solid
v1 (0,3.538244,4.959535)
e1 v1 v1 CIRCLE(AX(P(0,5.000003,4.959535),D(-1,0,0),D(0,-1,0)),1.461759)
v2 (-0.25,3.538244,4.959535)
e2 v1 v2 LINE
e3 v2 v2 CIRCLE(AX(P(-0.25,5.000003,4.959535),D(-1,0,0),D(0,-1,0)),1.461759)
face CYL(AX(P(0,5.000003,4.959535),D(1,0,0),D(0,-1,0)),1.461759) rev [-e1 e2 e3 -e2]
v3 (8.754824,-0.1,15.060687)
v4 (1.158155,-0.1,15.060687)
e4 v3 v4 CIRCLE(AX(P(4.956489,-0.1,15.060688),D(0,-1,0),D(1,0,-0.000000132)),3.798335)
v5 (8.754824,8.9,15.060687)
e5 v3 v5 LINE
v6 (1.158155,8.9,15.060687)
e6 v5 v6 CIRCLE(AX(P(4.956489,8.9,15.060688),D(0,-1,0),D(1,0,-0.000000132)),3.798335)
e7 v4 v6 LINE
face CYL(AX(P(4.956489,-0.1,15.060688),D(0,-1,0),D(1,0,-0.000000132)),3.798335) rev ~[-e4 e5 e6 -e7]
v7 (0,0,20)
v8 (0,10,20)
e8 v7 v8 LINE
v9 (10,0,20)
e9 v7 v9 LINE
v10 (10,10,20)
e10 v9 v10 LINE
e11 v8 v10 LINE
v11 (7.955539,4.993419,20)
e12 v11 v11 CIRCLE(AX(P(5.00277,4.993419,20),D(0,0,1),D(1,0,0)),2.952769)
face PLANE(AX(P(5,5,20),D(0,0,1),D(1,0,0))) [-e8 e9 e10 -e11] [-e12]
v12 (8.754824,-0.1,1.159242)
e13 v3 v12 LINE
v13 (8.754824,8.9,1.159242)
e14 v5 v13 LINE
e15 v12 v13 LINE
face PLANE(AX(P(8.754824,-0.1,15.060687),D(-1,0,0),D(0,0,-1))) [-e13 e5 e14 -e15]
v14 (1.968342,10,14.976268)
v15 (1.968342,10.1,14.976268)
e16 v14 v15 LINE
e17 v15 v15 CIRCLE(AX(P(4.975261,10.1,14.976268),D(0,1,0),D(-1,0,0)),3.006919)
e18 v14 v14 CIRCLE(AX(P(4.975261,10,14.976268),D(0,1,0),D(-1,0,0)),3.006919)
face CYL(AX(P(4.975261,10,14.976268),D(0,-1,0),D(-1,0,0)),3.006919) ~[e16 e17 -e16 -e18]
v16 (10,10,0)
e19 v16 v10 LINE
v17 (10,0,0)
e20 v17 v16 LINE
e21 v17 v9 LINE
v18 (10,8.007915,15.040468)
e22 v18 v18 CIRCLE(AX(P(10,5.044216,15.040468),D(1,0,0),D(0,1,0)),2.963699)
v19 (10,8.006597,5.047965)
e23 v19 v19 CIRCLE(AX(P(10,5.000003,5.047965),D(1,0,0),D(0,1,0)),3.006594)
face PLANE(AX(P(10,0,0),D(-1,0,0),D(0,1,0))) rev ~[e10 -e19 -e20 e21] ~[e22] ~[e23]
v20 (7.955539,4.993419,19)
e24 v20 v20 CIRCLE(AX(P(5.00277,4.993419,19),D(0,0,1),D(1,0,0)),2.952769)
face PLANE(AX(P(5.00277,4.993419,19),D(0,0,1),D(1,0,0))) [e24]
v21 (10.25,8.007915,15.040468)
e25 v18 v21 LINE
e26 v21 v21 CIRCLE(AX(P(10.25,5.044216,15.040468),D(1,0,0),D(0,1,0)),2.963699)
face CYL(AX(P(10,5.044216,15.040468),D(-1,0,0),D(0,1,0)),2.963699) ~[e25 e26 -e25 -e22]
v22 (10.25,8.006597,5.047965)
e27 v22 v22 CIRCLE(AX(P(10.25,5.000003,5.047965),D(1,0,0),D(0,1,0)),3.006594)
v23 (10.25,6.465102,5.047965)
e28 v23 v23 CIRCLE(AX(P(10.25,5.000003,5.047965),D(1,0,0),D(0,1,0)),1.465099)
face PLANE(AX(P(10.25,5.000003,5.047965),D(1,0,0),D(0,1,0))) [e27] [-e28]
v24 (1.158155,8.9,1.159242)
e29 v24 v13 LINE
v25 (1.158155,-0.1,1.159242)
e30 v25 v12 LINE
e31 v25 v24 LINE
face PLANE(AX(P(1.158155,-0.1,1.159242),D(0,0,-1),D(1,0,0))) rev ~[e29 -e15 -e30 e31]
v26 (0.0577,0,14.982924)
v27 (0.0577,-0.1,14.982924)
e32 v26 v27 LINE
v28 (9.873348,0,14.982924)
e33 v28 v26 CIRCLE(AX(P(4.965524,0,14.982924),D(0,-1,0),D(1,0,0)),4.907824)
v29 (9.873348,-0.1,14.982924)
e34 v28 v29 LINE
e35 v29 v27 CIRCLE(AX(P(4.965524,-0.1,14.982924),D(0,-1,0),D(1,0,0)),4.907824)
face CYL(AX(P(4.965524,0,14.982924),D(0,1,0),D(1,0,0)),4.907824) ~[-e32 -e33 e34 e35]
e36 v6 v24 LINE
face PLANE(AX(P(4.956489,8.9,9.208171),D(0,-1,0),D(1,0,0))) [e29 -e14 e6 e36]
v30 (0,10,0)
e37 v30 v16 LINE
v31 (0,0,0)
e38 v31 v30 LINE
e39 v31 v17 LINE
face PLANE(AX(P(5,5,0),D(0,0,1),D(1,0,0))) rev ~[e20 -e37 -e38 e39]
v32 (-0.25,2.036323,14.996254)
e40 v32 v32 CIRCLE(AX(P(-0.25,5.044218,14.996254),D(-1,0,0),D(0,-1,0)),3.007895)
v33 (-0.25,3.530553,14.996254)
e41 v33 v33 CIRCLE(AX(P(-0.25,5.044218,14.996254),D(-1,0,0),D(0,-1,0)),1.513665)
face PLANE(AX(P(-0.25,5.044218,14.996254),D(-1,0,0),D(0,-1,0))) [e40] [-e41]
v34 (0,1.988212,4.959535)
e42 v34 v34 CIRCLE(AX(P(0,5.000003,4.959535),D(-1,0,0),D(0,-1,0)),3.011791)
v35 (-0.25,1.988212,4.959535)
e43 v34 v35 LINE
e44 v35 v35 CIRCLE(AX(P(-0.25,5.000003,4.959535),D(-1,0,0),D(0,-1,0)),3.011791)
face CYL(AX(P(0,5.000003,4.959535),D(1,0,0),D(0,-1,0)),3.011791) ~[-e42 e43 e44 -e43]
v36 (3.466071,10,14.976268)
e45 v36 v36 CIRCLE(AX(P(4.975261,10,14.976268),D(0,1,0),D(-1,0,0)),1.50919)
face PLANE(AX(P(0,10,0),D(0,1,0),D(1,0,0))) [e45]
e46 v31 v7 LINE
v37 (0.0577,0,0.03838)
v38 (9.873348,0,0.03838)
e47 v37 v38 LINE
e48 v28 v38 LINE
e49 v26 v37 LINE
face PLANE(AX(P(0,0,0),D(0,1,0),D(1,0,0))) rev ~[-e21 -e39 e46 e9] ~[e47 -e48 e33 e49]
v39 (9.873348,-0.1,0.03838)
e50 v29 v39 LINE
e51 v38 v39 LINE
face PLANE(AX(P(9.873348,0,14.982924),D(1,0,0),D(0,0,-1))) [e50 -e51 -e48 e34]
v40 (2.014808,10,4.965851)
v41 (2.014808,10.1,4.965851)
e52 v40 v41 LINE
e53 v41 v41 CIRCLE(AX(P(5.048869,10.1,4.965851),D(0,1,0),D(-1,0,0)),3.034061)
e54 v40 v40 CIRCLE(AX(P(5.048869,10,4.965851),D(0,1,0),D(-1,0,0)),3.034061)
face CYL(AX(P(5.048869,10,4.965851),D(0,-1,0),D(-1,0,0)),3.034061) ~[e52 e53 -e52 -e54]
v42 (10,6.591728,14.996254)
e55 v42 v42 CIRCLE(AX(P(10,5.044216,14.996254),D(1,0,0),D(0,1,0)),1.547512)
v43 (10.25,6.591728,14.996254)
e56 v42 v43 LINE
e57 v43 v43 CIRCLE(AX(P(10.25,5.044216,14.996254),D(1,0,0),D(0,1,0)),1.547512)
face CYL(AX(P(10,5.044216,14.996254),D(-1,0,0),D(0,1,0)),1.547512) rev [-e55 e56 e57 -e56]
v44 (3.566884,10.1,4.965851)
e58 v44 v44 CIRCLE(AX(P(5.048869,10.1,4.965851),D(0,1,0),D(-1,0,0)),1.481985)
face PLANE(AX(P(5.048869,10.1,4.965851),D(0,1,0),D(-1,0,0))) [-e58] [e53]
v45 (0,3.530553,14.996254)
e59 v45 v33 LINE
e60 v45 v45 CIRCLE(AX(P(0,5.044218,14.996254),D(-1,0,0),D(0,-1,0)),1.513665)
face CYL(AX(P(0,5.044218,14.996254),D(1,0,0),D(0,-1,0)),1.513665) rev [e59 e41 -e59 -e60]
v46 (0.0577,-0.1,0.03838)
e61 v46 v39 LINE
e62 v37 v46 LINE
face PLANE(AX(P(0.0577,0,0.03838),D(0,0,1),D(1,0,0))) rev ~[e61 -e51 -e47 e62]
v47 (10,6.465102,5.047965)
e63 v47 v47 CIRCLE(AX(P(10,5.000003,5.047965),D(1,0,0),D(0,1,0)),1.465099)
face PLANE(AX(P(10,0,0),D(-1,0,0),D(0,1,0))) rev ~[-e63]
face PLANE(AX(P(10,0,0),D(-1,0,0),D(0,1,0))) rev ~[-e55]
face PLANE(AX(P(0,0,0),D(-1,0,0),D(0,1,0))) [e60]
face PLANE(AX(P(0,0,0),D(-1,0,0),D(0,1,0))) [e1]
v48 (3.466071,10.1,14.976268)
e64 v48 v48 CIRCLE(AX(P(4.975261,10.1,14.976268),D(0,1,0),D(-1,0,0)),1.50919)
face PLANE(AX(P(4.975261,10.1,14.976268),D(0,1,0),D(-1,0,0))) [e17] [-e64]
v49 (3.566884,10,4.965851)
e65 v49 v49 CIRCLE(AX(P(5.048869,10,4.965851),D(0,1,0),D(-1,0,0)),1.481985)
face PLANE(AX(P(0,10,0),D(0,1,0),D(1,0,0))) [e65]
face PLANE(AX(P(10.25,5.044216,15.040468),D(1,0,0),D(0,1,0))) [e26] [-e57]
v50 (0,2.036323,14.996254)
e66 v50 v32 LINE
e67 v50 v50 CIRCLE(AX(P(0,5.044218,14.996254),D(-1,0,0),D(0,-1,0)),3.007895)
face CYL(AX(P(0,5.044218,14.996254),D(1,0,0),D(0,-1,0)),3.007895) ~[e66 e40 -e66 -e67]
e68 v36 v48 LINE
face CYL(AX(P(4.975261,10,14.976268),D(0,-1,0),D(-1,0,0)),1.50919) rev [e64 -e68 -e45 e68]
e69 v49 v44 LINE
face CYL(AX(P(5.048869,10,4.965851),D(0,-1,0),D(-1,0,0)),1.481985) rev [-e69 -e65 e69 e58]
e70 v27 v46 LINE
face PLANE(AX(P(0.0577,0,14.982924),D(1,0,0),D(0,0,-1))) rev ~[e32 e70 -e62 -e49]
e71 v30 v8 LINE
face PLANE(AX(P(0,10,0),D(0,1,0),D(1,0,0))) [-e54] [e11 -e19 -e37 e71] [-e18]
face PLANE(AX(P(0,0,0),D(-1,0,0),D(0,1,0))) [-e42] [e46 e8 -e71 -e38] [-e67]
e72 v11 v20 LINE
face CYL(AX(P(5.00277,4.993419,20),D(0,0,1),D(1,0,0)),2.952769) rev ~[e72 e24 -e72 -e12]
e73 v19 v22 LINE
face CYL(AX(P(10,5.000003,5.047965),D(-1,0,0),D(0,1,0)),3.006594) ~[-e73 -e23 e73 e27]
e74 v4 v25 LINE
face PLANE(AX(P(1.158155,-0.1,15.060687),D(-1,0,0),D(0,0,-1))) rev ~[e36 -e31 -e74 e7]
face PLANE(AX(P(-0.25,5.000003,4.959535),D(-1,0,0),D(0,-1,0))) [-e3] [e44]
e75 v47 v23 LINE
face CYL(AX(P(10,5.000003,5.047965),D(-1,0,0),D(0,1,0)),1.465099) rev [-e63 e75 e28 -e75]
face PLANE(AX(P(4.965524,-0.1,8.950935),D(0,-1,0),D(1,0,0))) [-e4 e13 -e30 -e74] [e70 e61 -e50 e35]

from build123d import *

# Parameters (mm, degrees)
BOX_W           = 10
BOX_H           = 10
BOX_DEPTH       = 20
PAD_DEPTH       = 0.1
POCKET_DEPTH    = 9
SKETCH_R        = 3.006594
SKETCH_R_2      = 1.465099
SKETCH_R_3      = 2.963699
SKETCH_R_4      = 1.547512
PAD001_DEPTH    = 0.25
SKETCH001_R     = 3.007895
SKETCH001_R_2   = 1.513665
SKETCH001_R_3   = 3.011791
SKETCH001_R_4   = 1.461759
PAD002_DEPTH    = 0.25
SKETCH004_R     = 3.006919
SKETCH004_R_2   = 1.50919
SKETCH004_R_3   = 3.034061
SKETCH004_R_4   = 1.481985
PAD003_DEPTH    = 0.1
SKETCH005_R     = 2.952769
POCKET001_DEPTH = 1


with BuildPart() as part:
    # Box → Box (new body)
    with BuildSketch(Plane.XY):
        with Locations((5, 5)):
            Rectangle(BOX_W, BOX_H)
    extrude(amount=BOX_DEPTH)

    # Sketch002 → Pad (new body)
    with BuildSketch(Plane.XZ):
        with BuildLine():
            ThreePointArc((9.873348, 14.982924), (4.965524, 19.890748), (0.0577, 14.982924))
            Line((0.0577, 14.982924), (0.0577, 0.03838))
            Line((0.0577, 0.03838), (9.873348, 0.03838))
            Line((9.873348, 14.982924), (9.873348, 0.03838))
        make_face()
    extrude(amount=PAD_DEPTH)

    # Sketch003 → Pocket (cut)
    with BuildSketch(Plane.XZ.offset(0.1)):
        with BuildLine():
            ThreePointArc((8.754824, 15.060687), (4.956489, 18.859022), (1.158155, 15.060687))
            Line((1.158155, 15.060687), (1.158155, 1.159242))
            Line((1.158155, 1.159242), (8.754824, 1.159242))
            Line((8.754824, 15.060687), (8.754824, 1.159242))
        make_face()
    extrude(amount=-POCKET_DEPTH, mode=Mode.SUBTRACT)

    # Sketch → Pad001 (new body)
    with BuildSketch(Plane.YZ.offset(10)):
        with Locations((5.000003, 5.047965)):
            Circle(SKETCH_R)
        with Locations((5.000003, 5.047965)):
            Circle(SKETCH_R_2, mode=Mode.SUBTRACT)
        with Locations((5.044216, 15.040468)):
            Circle(SKETCH_R_3)
        with Locations((5.044216, 14.996254)):
            Circle(SKETCH_R_4, mode=Mode.SUBTRACT)
    extrude(amount=PAD001_DEPTH)

    # Sketch001 → Pad002 (new body)
    with BuildSketch(Plane(origin=(0, 0, 0), x_dir=(0, -1, 0), z_dir=(-1, 0, 0))):
        with Locations((-5.044218, 14.996254)):
            Circle(SKETCH001_R)
        with Locations((-5.044218, 14.996254)):
            Circle(SKETCH001_R_2, mode=Mode.SUBTRACT)
        with Locations((-5.000003, 4.959535)):
            Circle(SKETCH001_R_3)
        with Locations((-5.000003, 4.959535)):
            Circle(SKETCH001_R_4, mode=Mode.SUBTRACT)
    extrude(amount=PAD002_DEPTH)

    # Sketch004 → Pad003 (new body)
    with BuildSketch(Plane(origin=(0, 10, 0), x_dir=(-1, 0, 0), z_dir=(0, 1, 0))):
        with Locations((-4.975261, 14.976268)):
            Circle(SKETCH004_R)
        with Locations((-4.975261, 14.976268)):
            Circle(SKETCH004_R_2, mode=Mode.SUBTRACT)
        with Locations((-5.048869, 4.965851)):
            Circle(SKETCH004_R_3)
        with Locations((-5.048869, 4.965851)):
            Circle(SKETCH004_R_4, mode=Mode.SUBTRACT)
    extrude(amount=PAD003_DEPTH)

    # Sketch005 → Pocket001 (cut)
    with BuildSketch(Plane.XY.offset(20)):
        with Locations((5.00277, 4.993419)):
            Circle(SKETCH005_R)
    extrude(amount=-POCKET001_DEPTH, mode=Mode.SUBTRACT)


solid = part.part
